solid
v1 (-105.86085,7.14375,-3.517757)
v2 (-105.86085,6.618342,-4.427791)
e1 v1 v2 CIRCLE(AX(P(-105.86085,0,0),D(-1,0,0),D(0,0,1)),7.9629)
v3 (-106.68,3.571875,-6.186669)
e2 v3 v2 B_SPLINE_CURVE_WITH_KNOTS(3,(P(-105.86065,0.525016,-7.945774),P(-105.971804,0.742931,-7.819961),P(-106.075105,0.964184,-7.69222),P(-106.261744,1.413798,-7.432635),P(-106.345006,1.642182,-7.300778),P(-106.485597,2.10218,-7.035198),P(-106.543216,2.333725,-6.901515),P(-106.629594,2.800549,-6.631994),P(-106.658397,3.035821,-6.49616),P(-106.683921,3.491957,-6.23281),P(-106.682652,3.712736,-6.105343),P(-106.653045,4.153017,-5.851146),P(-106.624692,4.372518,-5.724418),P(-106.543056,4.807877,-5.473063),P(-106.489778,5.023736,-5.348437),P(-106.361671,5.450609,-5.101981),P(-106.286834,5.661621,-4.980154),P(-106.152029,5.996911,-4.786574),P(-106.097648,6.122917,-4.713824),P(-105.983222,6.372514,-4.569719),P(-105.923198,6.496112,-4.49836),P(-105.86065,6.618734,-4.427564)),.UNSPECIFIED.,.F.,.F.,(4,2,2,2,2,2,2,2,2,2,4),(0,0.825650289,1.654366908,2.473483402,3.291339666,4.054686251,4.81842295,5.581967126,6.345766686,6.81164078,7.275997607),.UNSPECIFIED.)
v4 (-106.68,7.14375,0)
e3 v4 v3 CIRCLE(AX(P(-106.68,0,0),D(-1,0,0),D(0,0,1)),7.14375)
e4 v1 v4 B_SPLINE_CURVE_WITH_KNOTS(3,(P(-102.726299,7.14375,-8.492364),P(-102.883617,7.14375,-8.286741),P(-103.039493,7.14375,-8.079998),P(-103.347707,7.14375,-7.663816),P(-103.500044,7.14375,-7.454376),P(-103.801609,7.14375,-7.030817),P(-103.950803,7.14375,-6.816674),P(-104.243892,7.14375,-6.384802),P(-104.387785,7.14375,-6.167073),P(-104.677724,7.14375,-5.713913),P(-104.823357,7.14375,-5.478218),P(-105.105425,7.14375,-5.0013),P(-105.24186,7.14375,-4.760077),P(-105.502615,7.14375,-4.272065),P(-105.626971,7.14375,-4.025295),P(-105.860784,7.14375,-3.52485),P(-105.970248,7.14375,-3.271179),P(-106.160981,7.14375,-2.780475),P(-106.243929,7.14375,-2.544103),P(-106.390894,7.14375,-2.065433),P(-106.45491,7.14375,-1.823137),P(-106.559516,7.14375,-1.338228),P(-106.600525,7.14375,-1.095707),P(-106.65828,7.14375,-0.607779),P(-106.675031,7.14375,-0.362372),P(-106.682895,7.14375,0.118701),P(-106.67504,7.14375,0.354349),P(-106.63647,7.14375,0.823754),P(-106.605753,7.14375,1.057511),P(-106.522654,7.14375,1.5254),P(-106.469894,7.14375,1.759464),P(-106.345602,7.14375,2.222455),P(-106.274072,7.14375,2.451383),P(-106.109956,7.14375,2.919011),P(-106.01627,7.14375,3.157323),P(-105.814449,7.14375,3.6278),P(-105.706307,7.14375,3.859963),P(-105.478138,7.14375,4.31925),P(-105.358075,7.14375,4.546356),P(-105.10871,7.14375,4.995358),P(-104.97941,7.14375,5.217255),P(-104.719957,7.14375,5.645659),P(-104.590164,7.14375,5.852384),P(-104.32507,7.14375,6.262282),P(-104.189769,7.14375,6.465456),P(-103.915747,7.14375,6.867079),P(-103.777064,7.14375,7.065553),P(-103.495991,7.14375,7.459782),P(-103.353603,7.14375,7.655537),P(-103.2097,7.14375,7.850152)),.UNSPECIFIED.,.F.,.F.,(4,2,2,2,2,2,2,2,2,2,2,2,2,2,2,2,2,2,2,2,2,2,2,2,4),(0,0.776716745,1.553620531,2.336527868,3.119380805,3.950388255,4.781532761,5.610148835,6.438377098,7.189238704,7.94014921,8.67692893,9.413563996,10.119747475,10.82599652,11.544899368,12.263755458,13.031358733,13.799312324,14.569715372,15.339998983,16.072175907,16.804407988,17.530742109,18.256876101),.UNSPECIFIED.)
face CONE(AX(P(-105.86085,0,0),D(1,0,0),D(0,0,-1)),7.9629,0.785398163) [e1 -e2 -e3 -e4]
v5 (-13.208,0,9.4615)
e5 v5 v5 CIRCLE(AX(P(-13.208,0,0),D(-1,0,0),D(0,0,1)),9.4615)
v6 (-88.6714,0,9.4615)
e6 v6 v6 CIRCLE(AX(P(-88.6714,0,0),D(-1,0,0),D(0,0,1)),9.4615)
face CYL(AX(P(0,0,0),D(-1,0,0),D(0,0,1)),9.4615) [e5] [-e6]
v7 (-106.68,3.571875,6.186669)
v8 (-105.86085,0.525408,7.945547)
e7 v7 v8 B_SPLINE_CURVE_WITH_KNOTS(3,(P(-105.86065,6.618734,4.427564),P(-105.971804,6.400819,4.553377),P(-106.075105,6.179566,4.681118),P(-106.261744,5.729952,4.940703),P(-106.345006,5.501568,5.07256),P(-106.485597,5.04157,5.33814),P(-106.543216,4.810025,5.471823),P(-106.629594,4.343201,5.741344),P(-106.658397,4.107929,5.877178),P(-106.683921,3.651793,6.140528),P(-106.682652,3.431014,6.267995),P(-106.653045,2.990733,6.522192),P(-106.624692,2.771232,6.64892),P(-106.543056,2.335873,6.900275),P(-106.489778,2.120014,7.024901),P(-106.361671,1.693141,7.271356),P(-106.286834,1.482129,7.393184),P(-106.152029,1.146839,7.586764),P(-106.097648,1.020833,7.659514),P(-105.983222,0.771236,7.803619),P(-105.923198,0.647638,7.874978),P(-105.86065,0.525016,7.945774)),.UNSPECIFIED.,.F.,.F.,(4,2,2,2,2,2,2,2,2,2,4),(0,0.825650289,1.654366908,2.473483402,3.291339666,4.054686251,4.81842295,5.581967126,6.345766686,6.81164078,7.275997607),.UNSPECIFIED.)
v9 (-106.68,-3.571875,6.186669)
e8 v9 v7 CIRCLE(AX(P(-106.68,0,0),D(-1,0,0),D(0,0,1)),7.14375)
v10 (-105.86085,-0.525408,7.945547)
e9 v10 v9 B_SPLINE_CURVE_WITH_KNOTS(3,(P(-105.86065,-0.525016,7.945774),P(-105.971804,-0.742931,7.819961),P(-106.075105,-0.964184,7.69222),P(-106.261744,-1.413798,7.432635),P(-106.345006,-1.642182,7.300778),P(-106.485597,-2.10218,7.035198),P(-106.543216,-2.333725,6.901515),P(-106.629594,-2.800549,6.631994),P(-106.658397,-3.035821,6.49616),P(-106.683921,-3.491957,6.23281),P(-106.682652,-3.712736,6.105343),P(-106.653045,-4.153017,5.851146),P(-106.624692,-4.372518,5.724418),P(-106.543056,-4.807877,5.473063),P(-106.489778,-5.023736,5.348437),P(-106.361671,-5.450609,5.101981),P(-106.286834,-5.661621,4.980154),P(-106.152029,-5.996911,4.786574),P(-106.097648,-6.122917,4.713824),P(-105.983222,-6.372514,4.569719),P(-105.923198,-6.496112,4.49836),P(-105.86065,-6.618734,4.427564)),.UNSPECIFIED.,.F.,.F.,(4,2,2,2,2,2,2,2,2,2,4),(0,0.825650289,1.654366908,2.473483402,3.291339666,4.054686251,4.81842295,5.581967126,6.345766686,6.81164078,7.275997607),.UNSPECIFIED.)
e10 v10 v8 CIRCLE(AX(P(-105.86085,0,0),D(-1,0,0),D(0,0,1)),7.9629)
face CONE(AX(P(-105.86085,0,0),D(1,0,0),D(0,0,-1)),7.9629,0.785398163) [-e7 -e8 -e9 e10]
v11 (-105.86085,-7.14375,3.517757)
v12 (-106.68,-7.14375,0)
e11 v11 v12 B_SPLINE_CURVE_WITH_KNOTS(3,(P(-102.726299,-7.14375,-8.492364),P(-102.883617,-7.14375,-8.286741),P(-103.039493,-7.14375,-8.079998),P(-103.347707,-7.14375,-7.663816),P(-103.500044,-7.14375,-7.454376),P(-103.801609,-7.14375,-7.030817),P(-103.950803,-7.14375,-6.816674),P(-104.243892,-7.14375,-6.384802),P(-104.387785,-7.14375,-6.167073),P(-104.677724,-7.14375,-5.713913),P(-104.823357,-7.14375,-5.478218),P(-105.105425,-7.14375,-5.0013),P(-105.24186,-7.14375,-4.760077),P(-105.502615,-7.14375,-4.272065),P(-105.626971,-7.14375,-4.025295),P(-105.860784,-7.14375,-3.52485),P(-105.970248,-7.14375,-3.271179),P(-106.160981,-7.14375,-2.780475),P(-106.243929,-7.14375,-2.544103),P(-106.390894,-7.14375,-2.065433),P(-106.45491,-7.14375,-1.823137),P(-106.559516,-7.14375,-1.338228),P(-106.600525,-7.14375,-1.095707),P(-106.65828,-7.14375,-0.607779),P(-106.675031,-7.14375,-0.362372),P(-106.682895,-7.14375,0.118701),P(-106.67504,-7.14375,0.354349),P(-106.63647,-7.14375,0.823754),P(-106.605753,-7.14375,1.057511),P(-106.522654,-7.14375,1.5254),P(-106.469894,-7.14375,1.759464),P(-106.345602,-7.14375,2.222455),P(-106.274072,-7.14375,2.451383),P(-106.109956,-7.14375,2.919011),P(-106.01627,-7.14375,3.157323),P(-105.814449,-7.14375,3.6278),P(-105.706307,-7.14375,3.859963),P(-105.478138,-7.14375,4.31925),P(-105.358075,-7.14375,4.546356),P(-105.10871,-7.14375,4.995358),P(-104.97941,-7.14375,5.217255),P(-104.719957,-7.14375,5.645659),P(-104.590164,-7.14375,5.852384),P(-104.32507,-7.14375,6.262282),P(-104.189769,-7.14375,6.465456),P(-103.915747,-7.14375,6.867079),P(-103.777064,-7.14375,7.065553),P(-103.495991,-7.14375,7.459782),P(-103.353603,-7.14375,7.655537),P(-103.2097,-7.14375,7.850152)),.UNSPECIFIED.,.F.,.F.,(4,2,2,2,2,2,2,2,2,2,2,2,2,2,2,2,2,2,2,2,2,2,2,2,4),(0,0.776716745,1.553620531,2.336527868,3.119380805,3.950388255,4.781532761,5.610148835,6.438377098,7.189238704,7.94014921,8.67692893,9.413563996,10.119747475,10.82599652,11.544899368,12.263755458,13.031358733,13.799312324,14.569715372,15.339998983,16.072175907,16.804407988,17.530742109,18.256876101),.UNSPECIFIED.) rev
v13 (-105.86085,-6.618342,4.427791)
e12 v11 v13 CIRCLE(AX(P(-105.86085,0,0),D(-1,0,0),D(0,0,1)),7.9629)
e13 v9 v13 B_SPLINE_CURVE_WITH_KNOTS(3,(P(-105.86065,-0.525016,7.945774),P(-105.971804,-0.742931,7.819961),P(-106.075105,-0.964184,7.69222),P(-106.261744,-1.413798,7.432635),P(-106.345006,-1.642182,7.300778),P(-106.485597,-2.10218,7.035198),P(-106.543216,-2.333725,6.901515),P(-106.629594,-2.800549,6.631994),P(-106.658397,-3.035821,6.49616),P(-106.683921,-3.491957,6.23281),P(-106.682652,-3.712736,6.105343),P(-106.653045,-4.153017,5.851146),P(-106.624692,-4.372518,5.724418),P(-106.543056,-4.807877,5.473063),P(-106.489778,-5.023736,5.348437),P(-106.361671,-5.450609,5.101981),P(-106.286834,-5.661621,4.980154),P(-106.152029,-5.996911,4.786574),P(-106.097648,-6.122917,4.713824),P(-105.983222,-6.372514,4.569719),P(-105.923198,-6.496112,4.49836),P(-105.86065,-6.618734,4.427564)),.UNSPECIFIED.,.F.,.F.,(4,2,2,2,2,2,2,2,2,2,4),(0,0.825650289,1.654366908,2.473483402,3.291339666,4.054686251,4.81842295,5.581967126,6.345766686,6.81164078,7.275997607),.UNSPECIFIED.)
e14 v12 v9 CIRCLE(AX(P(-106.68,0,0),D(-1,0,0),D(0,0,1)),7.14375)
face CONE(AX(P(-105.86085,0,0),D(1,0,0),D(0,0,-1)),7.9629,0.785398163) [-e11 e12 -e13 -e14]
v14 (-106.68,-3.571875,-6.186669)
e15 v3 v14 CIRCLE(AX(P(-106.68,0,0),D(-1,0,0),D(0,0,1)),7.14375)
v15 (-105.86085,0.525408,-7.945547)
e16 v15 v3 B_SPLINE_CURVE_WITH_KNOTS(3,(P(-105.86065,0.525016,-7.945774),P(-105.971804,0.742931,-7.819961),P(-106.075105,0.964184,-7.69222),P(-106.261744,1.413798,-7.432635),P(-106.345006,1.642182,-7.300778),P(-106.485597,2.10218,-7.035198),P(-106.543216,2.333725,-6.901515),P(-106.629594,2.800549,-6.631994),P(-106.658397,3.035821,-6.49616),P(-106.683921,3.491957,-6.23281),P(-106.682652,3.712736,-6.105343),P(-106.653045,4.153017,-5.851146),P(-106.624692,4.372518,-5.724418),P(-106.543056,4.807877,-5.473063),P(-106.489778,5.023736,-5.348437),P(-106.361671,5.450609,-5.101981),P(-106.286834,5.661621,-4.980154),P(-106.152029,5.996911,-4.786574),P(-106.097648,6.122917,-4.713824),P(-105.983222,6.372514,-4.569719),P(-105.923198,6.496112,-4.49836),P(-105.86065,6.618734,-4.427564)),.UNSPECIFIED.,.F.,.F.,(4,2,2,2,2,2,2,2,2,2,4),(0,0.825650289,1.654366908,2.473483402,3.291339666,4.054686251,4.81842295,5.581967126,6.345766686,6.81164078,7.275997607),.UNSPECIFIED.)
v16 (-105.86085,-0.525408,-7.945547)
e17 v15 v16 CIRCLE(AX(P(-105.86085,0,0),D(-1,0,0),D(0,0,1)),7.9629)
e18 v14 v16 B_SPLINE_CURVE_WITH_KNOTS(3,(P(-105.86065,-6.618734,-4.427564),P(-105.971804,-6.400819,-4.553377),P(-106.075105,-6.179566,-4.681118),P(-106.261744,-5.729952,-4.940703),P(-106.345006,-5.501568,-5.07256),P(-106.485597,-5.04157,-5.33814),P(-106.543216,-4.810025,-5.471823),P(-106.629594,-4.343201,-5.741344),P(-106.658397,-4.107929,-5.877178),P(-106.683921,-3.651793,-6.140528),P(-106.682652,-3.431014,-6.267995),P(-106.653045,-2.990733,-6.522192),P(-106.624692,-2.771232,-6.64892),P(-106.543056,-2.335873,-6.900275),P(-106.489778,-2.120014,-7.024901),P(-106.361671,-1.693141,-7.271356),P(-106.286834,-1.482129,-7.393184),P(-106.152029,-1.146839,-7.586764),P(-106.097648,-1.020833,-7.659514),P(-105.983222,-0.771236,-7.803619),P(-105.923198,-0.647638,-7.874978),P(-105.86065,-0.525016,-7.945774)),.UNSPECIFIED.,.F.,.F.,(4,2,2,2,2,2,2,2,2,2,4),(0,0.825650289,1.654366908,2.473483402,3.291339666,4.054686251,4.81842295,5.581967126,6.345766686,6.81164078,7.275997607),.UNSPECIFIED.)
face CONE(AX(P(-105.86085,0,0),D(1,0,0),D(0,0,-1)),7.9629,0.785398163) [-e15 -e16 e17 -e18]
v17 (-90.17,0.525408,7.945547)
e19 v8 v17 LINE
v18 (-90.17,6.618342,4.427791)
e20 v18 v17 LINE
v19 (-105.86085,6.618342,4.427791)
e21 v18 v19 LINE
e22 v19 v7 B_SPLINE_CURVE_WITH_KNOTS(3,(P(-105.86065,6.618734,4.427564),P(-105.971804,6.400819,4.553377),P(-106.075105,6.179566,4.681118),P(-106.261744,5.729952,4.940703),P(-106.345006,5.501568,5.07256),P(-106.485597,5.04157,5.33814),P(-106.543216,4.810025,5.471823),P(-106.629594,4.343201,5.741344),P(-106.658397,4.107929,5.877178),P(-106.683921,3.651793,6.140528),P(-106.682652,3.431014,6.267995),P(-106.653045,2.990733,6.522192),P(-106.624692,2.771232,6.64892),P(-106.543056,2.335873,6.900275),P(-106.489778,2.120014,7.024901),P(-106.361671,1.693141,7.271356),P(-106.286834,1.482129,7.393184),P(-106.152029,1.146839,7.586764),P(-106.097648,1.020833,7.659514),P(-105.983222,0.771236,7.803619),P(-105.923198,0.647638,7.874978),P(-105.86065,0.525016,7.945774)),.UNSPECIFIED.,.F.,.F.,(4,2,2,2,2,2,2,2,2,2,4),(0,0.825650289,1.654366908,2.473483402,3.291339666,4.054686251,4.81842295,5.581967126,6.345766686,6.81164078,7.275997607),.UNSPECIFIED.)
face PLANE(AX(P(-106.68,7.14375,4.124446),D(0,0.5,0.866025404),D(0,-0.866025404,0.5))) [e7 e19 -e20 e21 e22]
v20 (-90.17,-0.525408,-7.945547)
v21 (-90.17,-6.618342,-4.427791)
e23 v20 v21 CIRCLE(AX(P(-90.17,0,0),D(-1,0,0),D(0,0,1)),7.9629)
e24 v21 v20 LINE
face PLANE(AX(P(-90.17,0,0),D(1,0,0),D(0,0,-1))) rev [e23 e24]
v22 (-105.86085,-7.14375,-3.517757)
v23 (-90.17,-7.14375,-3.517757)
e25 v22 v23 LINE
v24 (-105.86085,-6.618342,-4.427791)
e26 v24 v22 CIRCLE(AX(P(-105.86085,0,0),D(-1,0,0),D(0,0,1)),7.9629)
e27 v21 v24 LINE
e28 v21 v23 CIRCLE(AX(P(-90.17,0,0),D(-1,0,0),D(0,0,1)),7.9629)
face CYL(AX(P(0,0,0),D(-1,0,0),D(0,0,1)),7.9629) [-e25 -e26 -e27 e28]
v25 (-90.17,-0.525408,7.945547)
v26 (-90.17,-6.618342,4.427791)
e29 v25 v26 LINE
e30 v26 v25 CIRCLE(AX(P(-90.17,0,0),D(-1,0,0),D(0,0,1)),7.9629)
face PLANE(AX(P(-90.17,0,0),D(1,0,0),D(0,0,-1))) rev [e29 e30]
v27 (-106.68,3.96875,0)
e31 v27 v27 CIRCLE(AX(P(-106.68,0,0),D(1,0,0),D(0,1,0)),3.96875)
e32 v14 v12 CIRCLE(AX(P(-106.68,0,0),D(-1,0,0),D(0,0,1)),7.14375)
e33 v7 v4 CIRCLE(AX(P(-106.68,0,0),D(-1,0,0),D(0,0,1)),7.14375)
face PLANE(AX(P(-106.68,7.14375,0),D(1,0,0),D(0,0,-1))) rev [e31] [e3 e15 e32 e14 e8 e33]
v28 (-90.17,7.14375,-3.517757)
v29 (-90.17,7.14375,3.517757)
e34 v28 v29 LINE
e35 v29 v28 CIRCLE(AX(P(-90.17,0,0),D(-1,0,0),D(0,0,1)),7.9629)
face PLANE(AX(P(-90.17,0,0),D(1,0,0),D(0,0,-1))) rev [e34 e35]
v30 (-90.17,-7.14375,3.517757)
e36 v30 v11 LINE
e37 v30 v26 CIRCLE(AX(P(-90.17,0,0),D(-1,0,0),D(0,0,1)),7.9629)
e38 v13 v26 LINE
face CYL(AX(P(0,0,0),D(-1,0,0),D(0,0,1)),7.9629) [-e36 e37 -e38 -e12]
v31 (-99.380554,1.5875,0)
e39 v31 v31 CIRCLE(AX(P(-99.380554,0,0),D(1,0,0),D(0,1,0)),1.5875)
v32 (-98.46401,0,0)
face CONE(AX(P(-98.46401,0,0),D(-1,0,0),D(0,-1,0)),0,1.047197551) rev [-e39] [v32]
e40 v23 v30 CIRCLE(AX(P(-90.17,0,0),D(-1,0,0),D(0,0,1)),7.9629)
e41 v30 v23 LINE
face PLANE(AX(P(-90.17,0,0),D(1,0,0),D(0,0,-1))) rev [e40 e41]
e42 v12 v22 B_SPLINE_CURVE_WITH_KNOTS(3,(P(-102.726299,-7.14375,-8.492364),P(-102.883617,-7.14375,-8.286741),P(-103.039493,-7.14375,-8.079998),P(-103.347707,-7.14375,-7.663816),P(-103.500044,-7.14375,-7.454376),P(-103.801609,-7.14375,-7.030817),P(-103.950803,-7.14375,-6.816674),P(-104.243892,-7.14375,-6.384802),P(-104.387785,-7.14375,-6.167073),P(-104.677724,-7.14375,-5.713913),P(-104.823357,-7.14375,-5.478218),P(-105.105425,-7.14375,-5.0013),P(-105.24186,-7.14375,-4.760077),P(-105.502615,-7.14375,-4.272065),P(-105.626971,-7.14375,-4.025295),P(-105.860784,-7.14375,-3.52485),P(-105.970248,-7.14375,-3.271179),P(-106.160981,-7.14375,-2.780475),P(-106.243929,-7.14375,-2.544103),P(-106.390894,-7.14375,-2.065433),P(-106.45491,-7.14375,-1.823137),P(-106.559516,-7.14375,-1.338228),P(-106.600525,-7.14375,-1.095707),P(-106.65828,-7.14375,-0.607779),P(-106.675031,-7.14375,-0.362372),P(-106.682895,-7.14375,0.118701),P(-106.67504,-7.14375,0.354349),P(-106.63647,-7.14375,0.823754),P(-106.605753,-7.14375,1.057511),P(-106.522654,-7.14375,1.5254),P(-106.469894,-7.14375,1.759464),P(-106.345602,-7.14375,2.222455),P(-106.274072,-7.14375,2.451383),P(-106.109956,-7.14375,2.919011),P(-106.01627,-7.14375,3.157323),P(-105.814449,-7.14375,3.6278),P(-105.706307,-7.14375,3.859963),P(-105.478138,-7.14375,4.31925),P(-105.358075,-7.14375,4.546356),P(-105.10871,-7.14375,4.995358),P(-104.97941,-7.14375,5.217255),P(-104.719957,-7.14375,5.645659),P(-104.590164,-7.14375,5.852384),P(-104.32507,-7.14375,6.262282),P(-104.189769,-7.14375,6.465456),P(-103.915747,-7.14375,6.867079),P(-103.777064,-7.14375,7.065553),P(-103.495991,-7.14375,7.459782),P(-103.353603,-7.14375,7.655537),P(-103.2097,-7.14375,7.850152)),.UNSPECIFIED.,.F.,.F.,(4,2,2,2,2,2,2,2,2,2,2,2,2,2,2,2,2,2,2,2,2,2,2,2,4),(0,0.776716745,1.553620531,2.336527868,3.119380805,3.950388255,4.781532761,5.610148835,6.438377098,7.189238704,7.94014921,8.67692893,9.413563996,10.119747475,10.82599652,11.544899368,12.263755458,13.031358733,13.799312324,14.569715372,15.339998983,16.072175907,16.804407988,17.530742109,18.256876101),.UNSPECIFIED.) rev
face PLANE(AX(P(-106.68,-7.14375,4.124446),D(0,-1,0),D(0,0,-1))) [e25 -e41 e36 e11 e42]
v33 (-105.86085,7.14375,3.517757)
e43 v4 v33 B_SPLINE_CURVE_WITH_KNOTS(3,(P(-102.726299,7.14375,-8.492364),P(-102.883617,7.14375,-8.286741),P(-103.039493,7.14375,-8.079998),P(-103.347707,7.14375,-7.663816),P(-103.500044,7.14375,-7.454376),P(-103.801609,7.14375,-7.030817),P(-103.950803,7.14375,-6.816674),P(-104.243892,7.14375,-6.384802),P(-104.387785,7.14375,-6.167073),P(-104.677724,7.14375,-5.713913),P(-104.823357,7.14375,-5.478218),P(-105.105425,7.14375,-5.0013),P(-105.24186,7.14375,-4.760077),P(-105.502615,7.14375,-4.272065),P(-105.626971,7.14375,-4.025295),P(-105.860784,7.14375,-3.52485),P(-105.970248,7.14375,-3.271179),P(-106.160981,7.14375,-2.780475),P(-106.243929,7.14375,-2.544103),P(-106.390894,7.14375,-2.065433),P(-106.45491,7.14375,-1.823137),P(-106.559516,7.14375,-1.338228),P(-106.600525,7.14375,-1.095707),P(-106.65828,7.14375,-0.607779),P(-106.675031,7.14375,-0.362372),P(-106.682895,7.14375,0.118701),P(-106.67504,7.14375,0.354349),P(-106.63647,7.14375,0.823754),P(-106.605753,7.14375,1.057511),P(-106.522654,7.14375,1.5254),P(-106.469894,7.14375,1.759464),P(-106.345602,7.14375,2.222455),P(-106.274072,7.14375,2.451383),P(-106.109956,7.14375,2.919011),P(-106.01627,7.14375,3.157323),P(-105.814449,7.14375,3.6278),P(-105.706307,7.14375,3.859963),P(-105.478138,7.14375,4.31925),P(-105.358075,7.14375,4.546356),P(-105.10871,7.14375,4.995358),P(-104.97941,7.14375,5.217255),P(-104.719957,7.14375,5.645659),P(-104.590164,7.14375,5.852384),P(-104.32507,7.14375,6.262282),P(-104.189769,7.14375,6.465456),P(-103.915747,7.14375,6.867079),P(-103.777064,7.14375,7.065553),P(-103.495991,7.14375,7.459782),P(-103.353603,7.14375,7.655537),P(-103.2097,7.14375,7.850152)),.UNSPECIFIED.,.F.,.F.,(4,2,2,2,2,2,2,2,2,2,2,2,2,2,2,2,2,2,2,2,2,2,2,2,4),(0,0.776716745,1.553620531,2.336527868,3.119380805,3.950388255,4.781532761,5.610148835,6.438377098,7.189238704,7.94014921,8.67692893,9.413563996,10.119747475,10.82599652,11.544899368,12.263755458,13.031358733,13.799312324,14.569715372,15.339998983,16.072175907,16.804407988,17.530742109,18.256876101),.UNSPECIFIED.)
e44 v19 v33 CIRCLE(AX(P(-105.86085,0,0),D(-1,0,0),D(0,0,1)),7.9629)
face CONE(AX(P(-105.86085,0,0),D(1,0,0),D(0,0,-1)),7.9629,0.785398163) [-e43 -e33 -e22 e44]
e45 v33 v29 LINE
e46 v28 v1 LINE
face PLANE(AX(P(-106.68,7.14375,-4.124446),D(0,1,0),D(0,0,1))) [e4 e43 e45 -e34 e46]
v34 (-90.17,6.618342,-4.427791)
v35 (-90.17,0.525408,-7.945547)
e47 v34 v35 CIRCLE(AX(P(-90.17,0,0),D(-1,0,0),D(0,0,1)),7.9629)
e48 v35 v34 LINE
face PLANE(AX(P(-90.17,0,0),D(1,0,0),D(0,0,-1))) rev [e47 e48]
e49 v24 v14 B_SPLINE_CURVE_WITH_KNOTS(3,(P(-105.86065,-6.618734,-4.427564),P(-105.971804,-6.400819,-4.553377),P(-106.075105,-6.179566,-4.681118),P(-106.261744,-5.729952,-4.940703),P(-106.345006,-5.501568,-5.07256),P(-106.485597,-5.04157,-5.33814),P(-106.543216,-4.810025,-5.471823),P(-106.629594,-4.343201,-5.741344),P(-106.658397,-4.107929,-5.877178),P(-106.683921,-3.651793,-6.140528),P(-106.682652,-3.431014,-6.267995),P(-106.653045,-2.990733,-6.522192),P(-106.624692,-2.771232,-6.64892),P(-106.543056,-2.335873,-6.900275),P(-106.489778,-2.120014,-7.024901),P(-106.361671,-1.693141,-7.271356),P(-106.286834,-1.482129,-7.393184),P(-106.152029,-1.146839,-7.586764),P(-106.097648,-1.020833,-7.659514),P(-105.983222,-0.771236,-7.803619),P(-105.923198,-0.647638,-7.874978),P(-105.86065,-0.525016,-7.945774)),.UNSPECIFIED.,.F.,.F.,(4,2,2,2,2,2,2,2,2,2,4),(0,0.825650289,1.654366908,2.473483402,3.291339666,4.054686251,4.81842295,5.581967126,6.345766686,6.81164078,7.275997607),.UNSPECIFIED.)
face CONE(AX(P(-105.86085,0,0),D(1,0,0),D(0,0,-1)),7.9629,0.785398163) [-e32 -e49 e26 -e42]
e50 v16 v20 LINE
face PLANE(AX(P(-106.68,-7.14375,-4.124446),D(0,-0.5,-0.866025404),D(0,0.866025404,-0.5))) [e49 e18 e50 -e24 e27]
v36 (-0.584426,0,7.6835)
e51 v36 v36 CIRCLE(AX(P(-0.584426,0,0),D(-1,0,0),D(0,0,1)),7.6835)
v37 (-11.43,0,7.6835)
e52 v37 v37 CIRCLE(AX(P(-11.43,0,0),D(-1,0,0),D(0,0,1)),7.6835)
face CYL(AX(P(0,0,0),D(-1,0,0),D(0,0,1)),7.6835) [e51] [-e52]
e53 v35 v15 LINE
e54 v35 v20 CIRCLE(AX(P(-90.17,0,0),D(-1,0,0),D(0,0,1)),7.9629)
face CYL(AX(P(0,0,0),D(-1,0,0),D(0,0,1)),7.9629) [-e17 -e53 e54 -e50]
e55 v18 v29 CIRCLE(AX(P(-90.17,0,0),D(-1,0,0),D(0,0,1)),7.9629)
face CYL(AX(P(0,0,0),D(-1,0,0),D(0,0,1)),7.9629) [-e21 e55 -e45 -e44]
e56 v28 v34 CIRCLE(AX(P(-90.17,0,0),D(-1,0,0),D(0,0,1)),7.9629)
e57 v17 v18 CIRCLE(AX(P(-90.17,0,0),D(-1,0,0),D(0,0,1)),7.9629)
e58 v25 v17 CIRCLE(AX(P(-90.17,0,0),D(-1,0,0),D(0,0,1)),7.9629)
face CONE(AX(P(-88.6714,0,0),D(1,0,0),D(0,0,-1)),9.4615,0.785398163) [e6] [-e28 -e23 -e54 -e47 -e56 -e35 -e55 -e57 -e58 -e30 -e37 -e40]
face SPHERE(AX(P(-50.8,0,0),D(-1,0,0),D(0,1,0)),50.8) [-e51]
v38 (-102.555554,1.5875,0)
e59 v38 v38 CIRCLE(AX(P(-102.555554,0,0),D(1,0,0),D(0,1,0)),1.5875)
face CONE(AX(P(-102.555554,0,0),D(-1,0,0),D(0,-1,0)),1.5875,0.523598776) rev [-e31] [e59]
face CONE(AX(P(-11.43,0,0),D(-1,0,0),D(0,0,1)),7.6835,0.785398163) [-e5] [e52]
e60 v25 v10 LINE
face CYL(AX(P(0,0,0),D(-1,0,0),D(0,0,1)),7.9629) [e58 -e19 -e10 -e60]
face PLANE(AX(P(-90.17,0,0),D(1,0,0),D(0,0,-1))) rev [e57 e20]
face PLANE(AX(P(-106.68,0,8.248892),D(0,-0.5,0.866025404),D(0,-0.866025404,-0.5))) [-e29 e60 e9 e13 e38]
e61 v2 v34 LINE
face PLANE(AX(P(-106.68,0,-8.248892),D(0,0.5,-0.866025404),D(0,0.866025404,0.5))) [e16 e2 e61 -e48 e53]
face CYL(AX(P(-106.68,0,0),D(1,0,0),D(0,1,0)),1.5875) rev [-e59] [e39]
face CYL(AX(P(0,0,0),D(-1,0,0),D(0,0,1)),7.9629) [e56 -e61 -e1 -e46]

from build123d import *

# Parameters (mm, degrees)
SKETCH1_OUTSIDE_W  = 42.92
SKETCH1_OUTSIDE_H  = 42.92
CUT_EXTRUDE1_DEPTH = 17.51


with BuildPart() as part:
    # Sketch1 w/mock PCB → Revolve1 (revolve)
    with BuildSketch(Plane.XY, mode=Mode.PRIVATE) as revolve1_sk:
        with BuildLine():
            Line((0, 0), (-106.68, 0))
            Line((-106.68, 0), (-106.68, 7.14375))
            Line((-106.68, 7.14375), (-105.86085, 7.9629))
            Line((-105.86085, 7.9629), (-90.17, 7.9629))
            Line((-90.17, 7.9629), (-88.6714, 9.4615))
            Line((-88.6714, 9.4615), (-13.208, 9.4615))
            Line((-13.208, 9.4615), (-11.43, 7.6835))
            Line((-11.43, 7.6835), (-0.584426442, 7.6835))
            ThreePointArc((-0.584426442, 7.6835), (-0.146317327, 3.852847211), (0, 0))
        make_face()
    revolve(revolve1_sk.sketch.rotate(Axis((0, 0, 0), (1, 0, 0)), 90), axis=Axis((0, 0, 0), (1, 0, 0)))  # turned: the seam where the file's is

    # Sketch1 outside → Cut-Extrude1 (cut, through all)
    with BuildSketch(Plane(origin=(-90.17, 0, 0), x_dir=(0, 0, -1), z_dir=(1, 0, 0))):
        Rectangle(SKETCH1_OUTSIDE_W, SKETCH1_OUTSIDE_H)
        Polygon((4.124445986, 7.14375), (-4.124445986, 7.14375), (-8.248891971, 0), (-4.124445986, -7.14375), (4.124445986, -7.14375), (8.248891971, 0), align=None, mode=Mode.SUBTRACT)
    extrude(amount=-CUT_EXTRUDE1_DEPTH, mode=Mode.SUBTRACT)

    # Sketch2 → Cut-Revolve1 (revolve, cut)
    with BuildSketch(Plane.XY, mode=Mode.PRIVATE) as cut_revolve1_sk:
        Polygon((-98.464010462, 0), (-99.380554014, 1.5875), (-102.555554014, 1.5875), (-106.68, 3.96875), (-106.68, 0), align=None)
    revolve(cut_revolve1_sk.sketch.rotate(Axis((-106.68, 0, 0), (-1, 0, 0)), 270), axis=Axis((-106.68, 0, 0), (-1, 0, 0)), mode=Mode.SUBTRACT)  # turned: the seam where the file's is


solid = part.part
